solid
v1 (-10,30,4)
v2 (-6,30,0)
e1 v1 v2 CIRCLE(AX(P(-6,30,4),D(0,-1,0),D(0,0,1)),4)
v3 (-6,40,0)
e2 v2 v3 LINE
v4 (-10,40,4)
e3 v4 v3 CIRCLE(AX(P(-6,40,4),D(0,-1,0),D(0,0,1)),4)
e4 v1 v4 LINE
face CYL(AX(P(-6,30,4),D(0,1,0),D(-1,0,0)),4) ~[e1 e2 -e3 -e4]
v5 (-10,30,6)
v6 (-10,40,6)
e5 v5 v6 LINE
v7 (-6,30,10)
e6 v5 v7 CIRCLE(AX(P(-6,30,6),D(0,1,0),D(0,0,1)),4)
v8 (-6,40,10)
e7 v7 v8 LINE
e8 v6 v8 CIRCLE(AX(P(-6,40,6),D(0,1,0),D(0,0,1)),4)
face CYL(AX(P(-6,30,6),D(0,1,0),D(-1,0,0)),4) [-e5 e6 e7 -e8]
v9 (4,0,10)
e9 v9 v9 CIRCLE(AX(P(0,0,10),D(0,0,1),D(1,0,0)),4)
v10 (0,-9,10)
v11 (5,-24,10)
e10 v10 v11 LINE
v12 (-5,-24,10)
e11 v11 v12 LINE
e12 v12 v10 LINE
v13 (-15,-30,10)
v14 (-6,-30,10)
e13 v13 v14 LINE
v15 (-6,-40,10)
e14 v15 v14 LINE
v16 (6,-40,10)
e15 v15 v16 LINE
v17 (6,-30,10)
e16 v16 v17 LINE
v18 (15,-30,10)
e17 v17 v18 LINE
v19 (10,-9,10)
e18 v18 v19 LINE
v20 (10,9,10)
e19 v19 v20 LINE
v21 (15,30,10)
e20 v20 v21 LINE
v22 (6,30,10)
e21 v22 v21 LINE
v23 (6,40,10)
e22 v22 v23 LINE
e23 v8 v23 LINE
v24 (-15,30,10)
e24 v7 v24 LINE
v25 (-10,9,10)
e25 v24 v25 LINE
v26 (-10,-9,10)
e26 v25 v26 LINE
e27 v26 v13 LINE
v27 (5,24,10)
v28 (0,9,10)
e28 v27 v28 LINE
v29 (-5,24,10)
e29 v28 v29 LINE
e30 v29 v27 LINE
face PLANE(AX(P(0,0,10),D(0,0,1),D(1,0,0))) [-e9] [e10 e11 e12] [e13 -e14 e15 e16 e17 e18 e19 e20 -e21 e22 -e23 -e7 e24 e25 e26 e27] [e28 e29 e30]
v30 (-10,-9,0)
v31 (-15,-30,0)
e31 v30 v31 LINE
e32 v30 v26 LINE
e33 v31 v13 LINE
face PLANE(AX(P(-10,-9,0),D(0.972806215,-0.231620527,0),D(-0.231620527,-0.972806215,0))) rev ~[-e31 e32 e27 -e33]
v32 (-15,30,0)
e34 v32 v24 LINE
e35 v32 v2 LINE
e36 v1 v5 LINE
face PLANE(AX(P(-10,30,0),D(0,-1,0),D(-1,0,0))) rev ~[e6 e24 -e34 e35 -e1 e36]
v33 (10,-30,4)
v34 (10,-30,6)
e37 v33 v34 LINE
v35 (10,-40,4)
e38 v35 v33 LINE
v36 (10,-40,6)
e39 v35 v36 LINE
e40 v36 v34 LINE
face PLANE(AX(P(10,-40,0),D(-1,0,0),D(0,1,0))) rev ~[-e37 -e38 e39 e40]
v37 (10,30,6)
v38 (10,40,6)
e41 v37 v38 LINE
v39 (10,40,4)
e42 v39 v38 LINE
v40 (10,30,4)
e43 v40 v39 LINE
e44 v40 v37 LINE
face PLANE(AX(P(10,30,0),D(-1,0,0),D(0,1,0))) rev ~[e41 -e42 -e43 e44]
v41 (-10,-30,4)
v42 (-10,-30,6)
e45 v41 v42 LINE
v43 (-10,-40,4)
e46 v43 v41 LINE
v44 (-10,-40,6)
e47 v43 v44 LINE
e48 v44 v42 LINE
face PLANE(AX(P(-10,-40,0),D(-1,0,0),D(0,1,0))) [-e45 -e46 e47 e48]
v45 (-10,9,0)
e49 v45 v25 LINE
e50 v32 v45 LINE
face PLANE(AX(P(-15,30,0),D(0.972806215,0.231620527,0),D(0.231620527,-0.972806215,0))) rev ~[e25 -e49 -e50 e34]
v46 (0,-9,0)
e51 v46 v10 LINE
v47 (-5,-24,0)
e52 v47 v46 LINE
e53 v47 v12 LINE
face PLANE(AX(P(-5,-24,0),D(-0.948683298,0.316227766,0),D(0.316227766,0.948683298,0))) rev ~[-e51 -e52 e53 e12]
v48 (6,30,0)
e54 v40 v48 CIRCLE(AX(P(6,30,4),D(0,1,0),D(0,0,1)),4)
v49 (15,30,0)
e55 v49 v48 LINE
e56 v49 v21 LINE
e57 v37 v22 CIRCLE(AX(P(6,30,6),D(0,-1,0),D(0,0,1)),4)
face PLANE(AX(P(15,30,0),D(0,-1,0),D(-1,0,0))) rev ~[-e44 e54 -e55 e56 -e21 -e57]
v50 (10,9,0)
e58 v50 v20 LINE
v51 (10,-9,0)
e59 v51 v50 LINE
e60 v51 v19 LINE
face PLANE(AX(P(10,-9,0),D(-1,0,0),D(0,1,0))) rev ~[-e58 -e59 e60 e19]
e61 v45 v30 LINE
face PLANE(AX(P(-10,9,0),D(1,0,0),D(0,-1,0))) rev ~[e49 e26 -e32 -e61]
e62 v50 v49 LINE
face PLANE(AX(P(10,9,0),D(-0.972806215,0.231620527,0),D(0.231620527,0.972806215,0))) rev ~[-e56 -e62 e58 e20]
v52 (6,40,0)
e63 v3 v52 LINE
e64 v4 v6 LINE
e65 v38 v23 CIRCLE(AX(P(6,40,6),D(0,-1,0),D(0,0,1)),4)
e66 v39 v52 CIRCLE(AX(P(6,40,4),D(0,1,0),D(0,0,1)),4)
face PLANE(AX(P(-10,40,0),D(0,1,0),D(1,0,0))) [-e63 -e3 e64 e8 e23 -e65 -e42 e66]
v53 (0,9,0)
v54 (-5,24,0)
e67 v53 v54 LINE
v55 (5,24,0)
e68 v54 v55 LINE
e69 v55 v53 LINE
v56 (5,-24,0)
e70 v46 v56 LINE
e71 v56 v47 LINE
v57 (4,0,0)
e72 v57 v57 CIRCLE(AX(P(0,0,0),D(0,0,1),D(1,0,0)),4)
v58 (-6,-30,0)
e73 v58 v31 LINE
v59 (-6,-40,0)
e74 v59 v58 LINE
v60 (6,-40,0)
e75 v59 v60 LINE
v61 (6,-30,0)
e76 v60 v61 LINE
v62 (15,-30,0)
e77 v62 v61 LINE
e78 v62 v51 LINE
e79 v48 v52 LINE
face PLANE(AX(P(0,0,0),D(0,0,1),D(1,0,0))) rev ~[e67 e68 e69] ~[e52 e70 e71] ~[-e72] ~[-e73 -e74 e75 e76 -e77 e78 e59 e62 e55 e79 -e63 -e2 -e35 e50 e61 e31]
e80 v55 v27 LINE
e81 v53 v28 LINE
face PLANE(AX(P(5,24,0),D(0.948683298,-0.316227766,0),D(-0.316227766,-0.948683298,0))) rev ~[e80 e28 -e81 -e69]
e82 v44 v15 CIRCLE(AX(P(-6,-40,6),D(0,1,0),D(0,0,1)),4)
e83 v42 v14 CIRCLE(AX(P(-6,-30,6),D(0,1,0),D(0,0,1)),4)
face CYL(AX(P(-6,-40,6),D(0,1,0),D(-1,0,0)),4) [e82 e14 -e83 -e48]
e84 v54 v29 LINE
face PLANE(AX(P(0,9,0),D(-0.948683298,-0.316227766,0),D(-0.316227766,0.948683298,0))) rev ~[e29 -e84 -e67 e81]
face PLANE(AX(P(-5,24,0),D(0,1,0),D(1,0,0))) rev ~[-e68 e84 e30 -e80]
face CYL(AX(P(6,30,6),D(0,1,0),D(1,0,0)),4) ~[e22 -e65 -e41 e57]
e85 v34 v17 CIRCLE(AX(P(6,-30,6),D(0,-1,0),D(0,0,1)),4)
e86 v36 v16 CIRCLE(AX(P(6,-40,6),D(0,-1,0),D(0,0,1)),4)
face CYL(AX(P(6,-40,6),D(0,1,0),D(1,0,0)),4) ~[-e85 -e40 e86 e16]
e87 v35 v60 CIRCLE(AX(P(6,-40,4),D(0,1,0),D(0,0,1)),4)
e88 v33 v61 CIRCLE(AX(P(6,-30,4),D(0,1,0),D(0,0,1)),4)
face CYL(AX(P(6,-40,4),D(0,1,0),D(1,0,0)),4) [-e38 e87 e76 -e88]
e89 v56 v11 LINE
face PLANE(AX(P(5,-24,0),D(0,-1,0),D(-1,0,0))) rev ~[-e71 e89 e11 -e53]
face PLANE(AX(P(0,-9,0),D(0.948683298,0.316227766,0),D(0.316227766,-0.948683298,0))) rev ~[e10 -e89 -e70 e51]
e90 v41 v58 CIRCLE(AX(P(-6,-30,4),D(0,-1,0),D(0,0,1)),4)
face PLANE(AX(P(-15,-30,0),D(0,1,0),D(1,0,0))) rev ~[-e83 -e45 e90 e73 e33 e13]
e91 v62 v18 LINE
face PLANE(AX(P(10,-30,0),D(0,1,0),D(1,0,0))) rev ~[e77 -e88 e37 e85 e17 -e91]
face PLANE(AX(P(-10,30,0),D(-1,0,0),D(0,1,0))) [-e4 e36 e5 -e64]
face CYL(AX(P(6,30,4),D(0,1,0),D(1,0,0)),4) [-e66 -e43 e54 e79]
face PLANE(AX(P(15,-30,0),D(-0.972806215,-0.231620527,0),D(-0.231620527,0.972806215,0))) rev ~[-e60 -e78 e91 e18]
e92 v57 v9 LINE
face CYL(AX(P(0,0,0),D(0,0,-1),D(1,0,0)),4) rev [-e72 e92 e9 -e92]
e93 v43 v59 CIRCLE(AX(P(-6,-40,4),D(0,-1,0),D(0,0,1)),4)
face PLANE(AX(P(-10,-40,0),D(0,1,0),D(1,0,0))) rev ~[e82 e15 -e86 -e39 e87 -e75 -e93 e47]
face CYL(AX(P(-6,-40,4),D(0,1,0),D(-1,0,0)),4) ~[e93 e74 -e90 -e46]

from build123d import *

# Parameters (mm, degrees)
F0_R     = 4
F0_W     = 20
F0_H     = 10
F1_DEPTH = 10
F2_R     = 4


with BuildPart() as f1:
    # F0 (on Top) → F1 (new body)
    with BuildSketch(Plane.XY):
        Polygon((10, 9), (15, 30), (10, 30), (-10, 30), (-15, 30), (-10, 9), (-10, 0), (-10, -9), (-15, -30), (-10, -30), (10, -30), (15, -30), (10, -9), (10, 0), align=None)
        Polygon((-5, -24), (0, -9), (5, -24), align=None, mode=Mode.SUBTRACT)
        Circle(F0_R, mode=Mode.SUBTRACT)
        Polygon((5, 24), (0, 9), (-5, 24), align=None, mode=Mode.SUBTRACT)
        with Locations((0, 35)):
            Rectangle(F0_W, F0_H)
        with Locations((0, -35)):
            Rectangle(F0_W, F0_H)
    extrude(amount=F1_DEPTH)

    # F2
    f2_edges = [f1.edges().sort_by_distance(p)[0] for p in [
        (-10, -35, 10),
        (10, -35, 10),
        (-10, -35, 0),
        (10, -35, 0),
        (10, 35, 0),
        (-10, 35, 0),
        (-10, 35, 10),
        (10, 35, 10),
    ]]
    fillet(f2_edges, radius=F2_R)


solid = f1.part
